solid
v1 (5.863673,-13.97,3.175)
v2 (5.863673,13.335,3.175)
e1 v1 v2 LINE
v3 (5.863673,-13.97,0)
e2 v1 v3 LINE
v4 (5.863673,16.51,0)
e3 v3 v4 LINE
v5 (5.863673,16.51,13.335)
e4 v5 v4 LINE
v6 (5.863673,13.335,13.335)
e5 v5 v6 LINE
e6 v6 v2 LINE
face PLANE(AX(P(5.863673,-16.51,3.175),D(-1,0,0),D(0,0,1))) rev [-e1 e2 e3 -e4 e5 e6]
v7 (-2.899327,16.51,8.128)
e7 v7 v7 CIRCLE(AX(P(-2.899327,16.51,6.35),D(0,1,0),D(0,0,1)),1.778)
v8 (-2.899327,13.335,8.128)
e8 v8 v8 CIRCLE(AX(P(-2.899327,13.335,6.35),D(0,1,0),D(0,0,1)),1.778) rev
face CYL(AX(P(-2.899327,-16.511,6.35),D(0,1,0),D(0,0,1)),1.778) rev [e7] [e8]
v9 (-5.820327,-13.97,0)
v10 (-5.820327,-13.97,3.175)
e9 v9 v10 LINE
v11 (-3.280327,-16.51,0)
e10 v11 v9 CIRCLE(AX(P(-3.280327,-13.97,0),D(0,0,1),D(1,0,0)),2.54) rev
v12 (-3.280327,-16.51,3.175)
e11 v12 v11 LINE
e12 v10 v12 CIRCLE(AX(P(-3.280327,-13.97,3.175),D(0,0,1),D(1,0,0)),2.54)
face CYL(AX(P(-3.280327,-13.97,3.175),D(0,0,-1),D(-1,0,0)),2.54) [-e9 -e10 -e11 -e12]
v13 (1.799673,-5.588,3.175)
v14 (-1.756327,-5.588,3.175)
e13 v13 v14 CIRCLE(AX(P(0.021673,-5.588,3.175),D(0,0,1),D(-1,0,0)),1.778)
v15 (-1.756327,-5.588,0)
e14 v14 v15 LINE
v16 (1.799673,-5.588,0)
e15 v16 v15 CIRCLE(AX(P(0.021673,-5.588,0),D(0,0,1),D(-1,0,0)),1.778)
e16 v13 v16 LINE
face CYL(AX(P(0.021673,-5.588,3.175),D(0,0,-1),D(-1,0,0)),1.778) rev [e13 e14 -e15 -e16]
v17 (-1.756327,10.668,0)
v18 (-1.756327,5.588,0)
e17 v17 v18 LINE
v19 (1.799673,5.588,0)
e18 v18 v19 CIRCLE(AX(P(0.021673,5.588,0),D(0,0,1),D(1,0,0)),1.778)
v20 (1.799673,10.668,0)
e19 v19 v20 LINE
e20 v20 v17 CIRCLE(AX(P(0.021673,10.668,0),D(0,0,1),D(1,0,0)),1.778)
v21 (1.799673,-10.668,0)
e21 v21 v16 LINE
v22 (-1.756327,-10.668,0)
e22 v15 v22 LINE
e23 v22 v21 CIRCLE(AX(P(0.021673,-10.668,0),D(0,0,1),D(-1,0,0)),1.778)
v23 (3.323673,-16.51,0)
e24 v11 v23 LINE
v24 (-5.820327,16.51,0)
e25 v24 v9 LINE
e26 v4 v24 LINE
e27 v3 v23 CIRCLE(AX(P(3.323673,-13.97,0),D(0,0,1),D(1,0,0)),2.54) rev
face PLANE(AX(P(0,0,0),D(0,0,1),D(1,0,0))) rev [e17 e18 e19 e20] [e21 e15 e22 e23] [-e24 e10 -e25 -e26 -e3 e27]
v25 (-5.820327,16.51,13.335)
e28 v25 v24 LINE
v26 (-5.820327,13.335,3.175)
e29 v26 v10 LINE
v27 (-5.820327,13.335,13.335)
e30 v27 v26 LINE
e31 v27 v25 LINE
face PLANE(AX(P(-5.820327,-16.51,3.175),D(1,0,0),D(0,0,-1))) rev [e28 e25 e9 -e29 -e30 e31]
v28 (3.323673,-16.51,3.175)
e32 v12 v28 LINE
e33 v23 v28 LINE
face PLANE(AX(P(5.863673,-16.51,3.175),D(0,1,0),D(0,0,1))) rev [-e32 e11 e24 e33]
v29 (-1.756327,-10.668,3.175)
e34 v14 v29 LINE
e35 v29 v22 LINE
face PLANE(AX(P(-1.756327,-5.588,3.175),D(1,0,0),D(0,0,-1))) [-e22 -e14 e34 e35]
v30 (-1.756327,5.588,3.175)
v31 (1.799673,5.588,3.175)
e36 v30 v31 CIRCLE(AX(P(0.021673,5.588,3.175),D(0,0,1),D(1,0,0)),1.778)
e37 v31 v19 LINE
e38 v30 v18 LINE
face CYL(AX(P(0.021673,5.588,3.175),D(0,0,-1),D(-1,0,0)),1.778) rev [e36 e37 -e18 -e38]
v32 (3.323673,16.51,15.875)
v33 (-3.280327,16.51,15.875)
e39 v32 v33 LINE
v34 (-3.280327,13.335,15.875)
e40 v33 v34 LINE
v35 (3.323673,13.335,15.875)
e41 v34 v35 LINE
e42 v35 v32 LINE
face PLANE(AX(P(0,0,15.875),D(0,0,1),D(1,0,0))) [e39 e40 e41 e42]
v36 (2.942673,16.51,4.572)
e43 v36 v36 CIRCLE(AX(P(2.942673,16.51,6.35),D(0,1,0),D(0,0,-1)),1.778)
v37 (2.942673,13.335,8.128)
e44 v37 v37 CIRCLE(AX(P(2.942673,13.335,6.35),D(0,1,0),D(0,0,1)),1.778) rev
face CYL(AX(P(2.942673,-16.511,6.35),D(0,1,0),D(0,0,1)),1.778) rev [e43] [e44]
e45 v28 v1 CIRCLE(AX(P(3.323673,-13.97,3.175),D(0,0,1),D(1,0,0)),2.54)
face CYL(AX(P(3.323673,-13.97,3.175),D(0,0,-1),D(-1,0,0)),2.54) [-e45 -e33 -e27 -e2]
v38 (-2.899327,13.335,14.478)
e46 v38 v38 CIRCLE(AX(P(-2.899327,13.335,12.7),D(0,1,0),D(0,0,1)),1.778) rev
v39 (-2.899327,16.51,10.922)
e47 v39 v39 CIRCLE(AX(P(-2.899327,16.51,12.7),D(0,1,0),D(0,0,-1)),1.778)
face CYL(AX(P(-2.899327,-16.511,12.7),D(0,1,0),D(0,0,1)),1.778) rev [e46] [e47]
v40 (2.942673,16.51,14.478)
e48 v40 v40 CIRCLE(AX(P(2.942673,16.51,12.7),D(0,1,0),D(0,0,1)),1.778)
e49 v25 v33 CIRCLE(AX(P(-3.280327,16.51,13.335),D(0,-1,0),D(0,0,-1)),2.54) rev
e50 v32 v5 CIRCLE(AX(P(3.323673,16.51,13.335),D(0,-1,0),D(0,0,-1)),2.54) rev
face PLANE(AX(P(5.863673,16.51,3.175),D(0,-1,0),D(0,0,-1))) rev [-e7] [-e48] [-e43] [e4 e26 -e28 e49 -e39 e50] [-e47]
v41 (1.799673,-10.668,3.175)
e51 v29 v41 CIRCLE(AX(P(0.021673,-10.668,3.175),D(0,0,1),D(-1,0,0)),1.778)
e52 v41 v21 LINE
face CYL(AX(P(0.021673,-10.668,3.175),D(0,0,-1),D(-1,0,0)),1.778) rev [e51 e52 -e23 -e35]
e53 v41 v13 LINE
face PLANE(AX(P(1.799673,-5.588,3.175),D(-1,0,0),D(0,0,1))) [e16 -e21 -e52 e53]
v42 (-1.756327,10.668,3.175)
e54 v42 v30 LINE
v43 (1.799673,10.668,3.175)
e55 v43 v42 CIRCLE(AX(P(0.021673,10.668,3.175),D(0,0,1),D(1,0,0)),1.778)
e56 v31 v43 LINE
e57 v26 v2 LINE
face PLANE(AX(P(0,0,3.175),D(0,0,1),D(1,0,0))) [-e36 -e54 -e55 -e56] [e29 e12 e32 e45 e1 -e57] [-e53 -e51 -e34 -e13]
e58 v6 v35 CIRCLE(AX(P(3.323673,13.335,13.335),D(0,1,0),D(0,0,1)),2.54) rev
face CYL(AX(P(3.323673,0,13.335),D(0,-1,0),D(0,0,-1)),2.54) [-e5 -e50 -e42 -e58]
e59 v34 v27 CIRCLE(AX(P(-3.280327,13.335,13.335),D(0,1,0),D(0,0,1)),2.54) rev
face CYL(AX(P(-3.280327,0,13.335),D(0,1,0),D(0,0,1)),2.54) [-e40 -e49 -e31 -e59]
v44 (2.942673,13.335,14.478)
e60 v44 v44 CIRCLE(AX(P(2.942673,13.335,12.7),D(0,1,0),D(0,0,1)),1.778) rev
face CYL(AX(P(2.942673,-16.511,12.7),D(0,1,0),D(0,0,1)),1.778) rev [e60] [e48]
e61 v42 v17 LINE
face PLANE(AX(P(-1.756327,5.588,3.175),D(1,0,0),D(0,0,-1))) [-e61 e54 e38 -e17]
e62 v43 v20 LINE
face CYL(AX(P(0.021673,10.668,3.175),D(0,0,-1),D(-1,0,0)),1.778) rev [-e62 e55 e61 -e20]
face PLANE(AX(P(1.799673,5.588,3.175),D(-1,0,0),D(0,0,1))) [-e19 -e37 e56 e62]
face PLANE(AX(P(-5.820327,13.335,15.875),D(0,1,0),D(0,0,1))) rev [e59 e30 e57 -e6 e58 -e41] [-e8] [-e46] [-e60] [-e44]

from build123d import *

# Parameters (mm, degrees)
SKETCH1_W           = 11.684
SKETCH1_H           = 33.02
BOSS_EXTRUDE1_DEPTH = 3.175
SKETCH2_W           = 11.684
SKETCH2_H           = 3.175
BOSS_EXTRUDE2_DEPTH = 12.7
CUT_EXTRUDE2_REACH  = 35.02
SKETCH3_R           = 1.778
FILLET2_R           = 2.54


with BuildPart() as part:
    # Sketch1 → Boss-Extrude1 (new body)
    with BuildSketch(Plane.XY):
        with Locations((0.021673222, 0)):
            Rectangle(SKETCH1_W, SKETCH1_H)
        with BuildLine():
            Line((-1.756326778, 5.588), (-1.756326778, 10.668))
            ThreePointArc((-1.756326778, 10.668), (0.021673222, 12.446), (1.799673222, 10.668))
            Line((1.799673222, 10.668), (1.799673222, 5.588))
            ThreePointArc((1.799673222, 5.588), (0.021673222, 3.81), (-1.756326778, 5.588))
        make_face(mode=Mode.SUBTRACT)
        with BuildLine():
            Line((-1.756326778, -5.588), (-1.756326778, -10.668))
            ThreePointArc((-1.756326778, -10.668), (0.021673222, -12.446), (1.799673222, -10.668))
            Line((1.799673222, -10.668), (1.799673222, -5.588))
            ThreePointArc((1.799673222, -5.588), (0.021673222, -3.81), (-1.756326778, -5.588))
        make_face(mode=Mode.SUBTRACT)
    extrude(amount=BOSS_EXTRUDE1_DEPTH)

    # Sketch2 → Boss-Extrude2 (add)
    with BuildSketch(Plane.XY.offset(3.175)):
        with Locations((0.021673222, 14.9225)):
            Rectangle(SKETCH2_W, SKETCH2_H)
    extrude(amount=BOSS_EXTRUDE2_DEPTH)

    # Sketch3 → Cut-Extrude2 (cut, up to next)
    with BuildSketch(Plane(origin=(0, 16.51, 0), x_dir=(1, 0, 0), z_dir=(0, 1, 0)), mode=Mode.PRIVATE) as cut_extrude2_sk1:
        with Locations((-2.899326778, -6.35)):
            Circle(SKETCH3_R)
    cut_extrude2_tool1 = extrude(cut_extrude2_sk1.sketch, amount=-CUT_EXTRUDE2_REACH, mode=Mode.PRIVATE) & part.part
    add(cut_extrude2_tool1.solids().sort_by_distance((-2.899327, 16.51, 6.35))[0], mode=Mode.SUBTRACT)
    # Sketch3 → Cut-Extrude2 (cut, up to next)
    with BuildSketch(Plane(origin=(0, 16.51, 0), x_dir=(1, 0, 0), z_dir=(0, 1, 0)), mode=Mode.PRIVATE) as cut_extrude2_sk2:
        with Locations((2.942673222, -6.35)):
            Circle(SKETCH3_R)
    cut_extrude2_tool2 = extrude(cut_extrude2_sk2.sketch, amount=-CUT_EXTRUDE2_REACH, mode=Mode.PRIVATE) & part.part
    add(cut_extrude2_tool2.solids().sort_by_distance((2.942673, 16.51, 6.35))[0], mode=Mode.SUBTRACT)
    # Sketch3 → Cut-Extrude2 (cut, up to next)
    with BuildSketch(Plane(origin=(0, 16.51, 0), x_dir=(1, 0, 0), z_dir=(0, 1, 0)), mode=Mode.PRIVATE) as cut_extrude2_sk3:
        with Locations((-2.899326778, -12.7)):
            Circle(SKETCH3_R)
    cut_extrude2_tool3 = extrude(cut_extrude2_sk3.sketch, amount=-CUT_EXTRUDE2_REACH, mode=Mode.PRIVATE) & part.part
    add(cut_extrude2_tool3.solids().sort_by_distance((-2.899327, 16.51, 12.7))[0], mode=Mode.SUBTRACT)
    # Sketch3 → Cut-Extrude2 (cut, up to next)
    with BuildSketch(Plane(origin=(0, 16.51, 0), x_dir=(1, 0, 0), z_dir=(0, 1, 0)), mode=Mode.PRIVATE) as cut_extrude2_sk4:
        with Locations((2.942673222, -12.7)):
            Circle(SKETCH3_R)
    cut_extrude2_tool4 = extrude(cut_extrude2_sk4.sketch, amount=-CUT_EXTRUDE2_REACH, mode=Mode.PRIVATE) & part.part
    add(cut_extrude2_tool4.solids().sort_by_distance((2.942673, 16.51, 12.7))[0], mode=Mode.SUBTRACT)

    # Fillet2
    fillet2_edges = [part.edges().sort_by_distance(p)[0] for p in [
        (-5.820326778, 14.9225, 15.875),
        (5.863673222, 14.9225, 15.875),
        (5.863673222, -16.51, 1.5875),
        (-5.820326778, -16.51, 1.5875),
    ]]
    fillet(fillet2_edges, radius=FILLET2_R)


solid = part.part
